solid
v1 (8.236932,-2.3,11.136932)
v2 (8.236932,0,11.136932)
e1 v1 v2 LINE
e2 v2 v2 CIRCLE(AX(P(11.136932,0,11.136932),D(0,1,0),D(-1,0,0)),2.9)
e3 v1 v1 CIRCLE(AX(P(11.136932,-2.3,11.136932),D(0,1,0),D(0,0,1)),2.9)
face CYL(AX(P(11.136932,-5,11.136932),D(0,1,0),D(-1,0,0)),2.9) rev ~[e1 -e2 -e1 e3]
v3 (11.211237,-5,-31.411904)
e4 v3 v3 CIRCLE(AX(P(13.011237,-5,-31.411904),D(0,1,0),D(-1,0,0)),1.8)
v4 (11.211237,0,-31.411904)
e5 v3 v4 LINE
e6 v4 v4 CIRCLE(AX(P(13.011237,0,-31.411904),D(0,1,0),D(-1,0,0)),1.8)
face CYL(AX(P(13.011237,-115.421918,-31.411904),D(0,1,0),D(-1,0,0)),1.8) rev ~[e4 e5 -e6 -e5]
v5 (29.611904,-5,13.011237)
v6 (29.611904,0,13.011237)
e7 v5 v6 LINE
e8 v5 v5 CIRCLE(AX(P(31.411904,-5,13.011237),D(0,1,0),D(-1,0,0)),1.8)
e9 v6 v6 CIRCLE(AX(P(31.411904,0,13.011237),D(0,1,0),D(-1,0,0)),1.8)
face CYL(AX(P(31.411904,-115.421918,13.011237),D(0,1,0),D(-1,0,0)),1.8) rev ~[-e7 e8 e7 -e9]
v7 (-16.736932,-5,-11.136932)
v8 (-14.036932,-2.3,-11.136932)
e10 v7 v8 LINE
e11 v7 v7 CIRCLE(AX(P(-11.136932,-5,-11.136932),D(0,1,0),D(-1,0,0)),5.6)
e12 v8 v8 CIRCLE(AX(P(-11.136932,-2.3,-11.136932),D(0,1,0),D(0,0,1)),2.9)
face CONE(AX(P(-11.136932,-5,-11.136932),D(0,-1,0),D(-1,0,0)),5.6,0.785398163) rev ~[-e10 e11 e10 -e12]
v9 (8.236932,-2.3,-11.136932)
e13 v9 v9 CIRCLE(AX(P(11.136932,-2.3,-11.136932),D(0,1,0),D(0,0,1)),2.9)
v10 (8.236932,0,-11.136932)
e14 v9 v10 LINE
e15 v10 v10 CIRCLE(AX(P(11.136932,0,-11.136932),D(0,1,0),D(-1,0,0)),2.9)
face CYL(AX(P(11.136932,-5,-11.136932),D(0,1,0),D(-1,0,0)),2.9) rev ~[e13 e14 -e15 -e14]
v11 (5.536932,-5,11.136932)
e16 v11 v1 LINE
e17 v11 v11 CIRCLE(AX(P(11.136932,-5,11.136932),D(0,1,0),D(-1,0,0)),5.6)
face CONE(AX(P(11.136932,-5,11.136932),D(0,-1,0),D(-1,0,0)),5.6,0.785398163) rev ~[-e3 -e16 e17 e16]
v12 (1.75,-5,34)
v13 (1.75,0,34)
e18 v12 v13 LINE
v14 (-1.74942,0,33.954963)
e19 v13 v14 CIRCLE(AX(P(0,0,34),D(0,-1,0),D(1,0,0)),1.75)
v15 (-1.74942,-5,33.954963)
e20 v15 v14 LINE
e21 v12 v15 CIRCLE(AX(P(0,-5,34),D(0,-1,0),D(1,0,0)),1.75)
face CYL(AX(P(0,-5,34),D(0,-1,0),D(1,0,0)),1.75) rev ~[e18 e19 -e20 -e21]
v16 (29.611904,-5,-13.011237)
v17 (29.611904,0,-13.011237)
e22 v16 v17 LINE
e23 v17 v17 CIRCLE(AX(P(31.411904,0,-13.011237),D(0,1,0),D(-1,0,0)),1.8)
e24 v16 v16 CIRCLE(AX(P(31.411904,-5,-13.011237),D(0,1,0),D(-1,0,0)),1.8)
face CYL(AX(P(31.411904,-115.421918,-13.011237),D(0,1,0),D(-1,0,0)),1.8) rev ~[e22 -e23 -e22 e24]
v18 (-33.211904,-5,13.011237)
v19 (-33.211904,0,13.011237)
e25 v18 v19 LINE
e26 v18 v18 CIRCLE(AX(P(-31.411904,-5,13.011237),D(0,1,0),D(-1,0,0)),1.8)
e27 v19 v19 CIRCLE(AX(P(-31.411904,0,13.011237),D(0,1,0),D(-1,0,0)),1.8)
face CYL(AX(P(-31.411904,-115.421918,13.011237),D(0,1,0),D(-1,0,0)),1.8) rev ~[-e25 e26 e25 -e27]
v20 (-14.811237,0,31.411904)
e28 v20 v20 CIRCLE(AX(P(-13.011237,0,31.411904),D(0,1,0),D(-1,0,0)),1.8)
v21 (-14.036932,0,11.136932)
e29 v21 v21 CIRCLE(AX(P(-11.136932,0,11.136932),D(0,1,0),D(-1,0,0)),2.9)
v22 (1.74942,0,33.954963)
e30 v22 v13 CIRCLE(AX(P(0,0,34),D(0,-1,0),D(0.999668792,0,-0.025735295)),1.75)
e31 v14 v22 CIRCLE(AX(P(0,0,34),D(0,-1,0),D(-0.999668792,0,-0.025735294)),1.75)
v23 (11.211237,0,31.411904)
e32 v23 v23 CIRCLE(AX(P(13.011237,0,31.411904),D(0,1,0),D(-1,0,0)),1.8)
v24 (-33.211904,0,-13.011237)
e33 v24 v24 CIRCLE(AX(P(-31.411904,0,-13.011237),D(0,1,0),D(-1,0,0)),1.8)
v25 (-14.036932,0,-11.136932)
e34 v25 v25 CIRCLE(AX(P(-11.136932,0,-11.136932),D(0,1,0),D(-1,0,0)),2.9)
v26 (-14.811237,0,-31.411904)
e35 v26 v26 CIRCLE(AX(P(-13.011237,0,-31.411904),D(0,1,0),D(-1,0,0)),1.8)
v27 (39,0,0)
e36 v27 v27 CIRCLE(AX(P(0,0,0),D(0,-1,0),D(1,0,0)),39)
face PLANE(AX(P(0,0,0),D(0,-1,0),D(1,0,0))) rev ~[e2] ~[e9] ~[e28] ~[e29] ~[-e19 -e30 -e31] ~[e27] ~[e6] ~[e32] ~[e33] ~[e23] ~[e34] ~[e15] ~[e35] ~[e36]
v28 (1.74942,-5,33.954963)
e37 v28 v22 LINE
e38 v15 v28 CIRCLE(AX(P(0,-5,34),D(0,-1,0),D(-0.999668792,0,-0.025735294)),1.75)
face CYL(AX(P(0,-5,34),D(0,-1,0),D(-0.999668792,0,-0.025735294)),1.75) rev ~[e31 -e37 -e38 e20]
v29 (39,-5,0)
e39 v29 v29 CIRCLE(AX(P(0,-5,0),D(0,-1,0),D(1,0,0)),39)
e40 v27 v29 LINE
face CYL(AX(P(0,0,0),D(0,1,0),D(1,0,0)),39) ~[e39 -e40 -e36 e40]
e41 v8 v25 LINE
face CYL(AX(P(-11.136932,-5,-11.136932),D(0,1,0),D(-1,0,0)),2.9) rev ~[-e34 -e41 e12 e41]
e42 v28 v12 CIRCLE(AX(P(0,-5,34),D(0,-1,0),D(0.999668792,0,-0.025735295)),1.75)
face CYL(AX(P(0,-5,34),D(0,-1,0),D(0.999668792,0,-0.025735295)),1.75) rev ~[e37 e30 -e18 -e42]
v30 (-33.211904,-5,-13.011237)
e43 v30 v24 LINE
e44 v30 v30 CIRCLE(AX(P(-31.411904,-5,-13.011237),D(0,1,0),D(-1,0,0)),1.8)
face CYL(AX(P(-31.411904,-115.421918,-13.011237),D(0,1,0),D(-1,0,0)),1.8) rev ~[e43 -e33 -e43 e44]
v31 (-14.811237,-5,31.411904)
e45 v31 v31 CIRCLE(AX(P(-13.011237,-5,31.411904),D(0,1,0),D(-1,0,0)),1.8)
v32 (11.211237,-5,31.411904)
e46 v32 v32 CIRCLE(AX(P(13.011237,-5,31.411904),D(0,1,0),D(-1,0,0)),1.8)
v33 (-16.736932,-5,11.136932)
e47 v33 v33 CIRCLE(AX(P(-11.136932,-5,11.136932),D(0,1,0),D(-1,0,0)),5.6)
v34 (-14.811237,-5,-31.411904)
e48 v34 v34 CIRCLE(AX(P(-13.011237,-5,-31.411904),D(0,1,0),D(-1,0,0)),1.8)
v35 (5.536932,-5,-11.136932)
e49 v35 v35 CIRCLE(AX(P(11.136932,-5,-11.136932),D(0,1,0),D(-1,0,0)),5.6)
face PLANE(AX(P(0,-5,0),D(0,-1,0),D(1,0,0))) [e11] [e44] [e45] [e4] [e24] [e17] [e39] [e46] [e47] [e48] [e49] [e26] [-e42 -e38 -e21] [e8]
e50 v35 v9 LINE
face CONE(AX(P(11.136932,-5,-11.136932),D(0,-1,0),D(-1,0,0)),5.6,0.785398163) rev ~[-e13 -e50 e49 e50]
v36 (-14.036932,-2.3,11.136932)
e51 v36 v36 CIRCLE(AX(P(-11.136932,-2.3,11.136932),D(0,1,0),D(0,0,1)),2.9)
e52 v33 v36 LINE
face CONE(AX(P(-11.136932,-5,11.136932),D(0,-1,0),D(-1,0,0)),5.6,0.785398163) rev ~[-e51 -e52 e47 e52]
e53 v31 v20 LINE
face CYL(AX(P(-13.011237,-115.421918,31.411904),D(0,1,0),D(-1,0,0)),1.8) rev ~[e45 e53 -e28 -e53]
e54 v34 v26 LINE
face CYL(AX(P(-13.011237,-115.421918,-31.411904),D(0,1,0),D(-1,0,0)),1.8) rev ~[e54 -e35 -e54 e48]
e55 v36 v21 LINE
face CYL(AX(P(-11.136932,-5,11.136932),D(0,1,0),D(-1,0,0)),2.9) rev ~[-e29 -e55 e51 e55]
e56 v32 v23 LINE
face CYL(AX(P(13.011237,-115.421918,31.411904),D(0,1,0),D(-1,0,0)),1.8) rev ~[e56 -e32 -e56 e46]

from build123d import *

# Parameters (mm, degrees)
F0_R           = 39
F1_DEPTH       = 5
F3_D           = 3.6
F5_D           = 5.8
F5_CSINK_D     = 11.2
F5_CSINK_ANGLE = 90
F6_DEPTH       = 25


with BuildPart() as f1:
    # F0 (on Front) → F1 (new body)
    with BuildSketch(Plane.XZ):
        Circle(F0_R)
    extrude(amount=F1_DEPTH)

    # F3 (through all)
    with Locations(Plane.XZ.offset(5)):
        with Locations((31.4119041054, 13.0112367004), (13.0112367004, 31.4119041054), (-13.0112367004, 31.4119041054), (-31.4119041054, 13.0112367004), (-31.4119041054, -13.0112367004), (-13.0112367004, -31.4119041054), (13.0112367004, -31.4119041054), (31.4119041054, -13.0112367004)):
            Hole(F3_D / 2)

    # F5 (through all)
    with Locations(Plane.XZ.offset(5)):
        with Locations((11.1369318037, 11.1369318037), (-11.1369318037, 11.1369318037), (-11.1369318037, -11.1369318037), (11.1369318037, -11.1369318037)):
            CounterSinkHole(F5_D / 2, F5_CSINK_D / 2, counter_sink_angle=F5_CSINK_ANGLE)

    # F2 (on face) → F6 (cut)
    with BuildSketch(Plane.XZ.offset(5)):
        with BuildLine():
            ThreePointArc((-1.7494203868, 33.9549632353), (0, 32.25), (1.7494203868, 33.9549632353))
            ThreePointArc((1.7494203868, 33.9549632353), (0, 34), (-1.7494203868, 33.9549632353))
        make_face()
        with BuildLine():
            ThreePointArc((-1.7494203868, 33.9549632353), (0, 34), (1.7494203868, 33.9549632353))
            ThreePointArc((1.7494203868, 33.9549632353), (1.7498550907, 33.9774797529), (1.75, 34))
            ThreePointArc((1.75, 34), (-0.0225202471, 35.7498550907), (-1.7494203868, 33.9549632353))
        make_face()
    extrude(amount=-F6_DEPTH, mode=Mode.SUBTRACT)


solid = f1.part
